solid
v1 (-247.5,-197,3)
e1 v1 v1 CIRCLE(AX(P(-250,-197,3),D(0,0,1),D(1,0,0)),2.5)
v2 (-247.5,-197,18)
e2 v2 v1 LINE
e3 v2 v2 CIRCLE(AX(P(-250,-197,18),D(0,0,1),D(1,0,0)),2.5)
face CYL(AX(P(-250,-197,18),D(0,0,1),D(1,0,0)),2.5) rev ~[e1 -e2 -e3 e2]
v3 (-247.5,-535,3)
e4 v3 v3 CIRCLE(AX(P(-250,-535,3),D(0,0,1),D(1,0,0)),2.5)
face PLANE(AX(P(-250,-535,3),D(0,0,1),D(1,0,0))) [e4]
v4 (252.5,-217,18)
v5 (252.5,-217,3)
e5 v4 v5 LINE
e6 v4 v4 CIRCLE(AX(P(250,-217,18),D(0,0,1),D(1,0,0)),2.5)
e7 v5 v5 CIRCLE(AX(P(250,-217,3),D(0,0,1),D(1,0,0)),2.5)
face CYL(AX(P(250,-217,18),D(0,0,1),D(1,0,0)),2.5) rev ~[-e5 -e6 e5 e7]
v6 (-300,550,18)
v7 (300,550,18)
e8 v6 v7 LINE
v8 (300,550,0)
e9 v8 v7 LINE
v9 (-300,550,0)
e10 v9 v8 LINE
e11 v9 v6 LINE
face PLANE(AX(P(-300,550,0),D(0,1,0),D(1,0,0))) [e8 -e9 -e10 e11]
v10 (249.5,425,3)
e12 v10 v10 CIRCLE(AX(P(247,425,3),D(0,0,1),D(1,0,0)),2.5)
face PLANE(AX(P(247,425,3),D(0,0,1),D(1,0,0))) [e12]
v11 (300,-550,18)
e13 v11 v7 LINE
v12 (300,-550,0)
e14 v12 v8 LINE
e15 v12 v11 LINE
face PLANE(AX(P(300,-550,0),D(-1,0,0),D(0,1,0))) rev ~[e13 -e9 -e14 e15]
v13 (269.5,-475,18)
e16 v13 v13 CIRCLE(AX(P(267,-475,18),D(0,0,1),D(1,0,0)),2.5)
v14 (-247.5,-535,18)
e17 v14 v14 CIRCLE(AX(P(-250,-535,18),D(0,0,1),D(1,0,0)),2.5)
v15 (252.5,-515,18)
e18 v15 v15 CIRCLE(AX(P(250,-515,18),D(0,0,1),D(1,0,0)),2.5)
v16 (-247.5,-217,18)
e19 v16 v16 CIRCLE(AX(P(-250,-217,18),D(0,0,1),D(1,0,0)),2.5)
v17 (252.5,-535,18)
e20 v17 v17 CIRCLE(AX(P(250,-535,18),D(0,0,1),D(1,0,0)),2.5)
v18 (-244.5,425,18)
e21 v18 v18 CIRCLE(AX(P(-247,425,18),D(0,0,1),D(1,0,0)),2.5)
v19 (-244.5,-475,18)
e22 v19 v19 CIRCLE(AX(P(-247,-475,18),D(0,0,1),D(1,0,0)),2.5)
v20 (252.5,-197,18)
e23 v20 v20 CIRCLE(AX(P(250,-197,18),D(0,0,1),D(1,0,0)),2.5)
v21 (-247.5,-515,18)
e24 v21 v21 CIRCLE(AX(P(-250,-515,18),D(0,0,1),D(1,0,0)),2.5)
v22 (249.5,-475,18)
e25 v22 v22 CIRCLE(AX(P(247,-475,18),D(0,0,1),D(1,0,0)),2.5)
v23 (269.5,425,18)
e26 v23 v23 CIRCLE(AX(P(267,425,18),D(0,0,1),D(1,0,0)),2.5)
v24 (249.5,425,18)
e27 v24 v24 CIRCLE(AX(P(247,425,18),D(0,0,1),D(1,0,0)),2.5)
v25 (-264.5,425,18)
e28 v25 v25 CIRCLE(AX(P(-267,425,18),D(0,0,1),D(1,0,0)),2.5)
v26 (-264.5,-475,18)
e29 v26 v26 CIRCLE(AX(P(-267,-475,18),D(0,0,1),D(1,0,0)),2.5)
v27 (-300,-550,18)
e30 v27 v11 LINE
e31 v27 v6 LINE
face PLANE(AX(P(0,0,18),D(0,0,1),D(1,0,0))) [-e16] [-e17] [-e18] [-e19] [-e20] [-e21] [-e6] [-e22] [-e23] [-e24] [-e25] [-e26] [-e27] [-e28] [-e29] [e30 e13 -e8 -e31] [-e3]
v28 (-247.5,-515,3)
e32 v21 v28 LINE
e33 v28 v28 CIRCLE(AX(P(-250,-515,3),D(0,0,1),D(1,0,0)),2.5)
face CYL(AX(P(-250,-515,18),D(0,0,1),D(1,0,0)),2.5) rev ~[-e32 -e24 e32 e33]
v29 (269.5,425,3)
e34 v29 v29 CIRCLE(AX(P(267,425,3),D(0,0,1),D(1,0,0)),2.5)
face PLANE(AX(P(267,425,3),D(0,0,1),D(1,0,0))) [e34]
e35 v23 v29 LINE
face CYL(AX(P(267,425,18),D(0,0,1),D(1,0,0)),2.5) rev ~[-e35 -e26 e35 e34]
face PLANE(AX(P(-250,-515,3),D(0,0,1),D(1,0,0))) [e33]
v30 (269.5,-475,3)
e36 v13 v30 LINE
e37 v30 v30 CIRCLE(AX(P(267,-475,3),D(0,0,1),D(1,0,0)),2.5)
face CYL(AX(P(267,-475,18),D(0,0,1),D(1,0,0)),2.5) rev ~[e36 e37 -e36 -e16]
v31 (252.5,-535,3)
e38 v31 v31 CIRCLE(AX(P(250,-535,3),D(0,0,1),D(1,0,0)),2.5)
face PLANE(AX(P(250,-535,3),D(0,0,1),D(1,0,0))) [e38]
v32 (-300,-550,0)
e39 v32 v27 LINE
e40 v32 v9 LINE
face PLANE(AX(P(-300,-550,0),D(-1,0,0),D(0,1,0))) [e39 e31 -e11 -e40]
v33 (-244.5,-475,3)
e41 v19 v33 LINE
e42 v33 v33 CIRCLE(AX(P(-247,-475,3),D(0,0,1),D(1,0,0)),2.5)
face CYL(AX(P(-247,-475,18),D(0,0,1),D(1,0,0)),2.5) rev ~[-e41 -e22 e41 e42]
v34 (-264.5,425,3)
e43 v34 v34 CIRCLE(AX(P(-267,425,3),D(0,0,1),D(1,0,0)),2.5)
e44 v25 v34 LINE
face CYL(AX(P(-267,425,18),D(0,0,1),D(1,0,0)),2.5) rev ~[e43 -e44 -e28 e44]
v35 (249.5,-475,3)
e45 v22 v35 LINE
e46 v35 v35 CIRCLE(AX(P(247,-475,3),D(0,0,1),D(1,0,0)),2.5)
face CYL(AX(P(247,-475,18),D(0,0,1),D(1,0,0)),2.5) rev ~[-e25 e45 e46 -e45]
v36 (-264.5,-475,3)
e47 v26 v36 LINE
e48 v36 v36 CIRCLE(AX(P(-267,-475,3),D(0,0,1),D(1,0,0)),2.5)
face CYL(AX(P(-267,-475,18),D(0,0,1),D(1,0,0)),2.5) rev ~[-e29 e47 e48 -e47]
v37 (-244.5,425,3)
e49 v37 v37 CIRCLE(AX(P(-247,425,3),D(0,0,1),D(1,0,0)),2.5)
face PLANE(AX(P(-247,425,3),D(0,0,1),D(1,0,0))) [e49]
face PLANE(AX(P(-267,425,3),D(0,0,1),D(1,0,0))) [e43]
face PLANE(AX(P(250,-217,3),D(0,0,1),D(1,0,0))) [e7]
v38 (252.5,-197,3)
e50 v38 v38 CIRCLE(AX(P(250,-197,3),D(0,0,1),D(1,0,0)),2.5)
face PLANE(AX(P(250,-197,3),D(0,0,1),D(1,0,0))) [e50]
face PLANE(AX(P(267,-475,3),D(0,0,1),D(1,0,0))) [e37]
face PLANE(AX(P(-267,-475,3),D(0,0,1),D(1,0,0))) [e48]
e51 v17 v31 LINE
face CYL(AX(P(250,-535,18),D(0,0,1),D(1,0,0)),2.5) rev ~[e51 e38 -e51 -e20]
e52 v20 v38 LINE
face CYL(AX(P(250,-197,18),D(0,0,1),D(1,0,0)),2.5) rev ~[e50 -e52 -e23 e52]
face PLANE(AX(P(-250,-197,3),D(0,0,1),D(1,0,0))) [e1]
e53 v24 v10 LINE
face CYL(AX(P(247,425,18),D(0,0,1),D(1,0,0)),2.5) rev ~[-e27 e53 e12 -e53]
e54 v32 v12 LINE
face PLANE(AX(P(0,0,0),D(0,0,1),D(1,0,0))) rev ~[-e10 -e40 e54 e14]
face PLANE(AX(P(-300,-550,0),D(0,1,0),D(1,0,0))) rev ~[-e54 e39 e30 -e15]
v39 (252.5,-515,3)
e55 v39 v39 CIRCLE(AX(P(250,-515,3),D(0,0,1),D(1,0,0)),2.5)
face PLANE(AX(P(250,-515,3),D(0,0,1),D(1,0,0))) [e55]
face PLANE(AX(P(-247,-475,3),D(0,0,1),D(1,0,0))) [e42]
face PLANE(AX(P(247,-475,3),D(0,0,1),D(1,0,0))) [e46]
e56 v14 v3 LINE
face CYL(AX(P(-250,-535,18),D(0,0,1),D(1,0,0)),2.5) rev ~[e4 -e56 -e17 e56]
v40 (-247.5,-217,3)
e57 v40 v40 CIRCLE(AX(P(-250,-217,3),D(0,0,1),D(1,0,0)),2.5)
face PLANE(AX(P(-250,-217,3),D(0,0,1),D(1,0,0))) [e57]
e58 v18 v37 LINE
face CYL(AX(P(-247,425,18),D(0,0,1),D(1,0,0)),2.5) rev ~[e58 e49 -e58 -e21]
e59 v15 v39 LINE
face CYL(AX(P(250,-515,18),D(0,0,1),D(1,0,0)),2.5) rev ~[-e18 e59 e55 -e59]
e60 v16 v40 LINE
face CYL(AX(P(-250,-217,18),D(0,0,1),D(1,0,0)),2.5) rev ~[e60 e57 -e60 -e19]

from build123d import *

# Parameters (mm, degrees)
F0_W     = 600
F0_H     = 1100
F1_DEPTH = 18
F2_R     = 2.5
F3_DEPTH = 15


with BuildPart() as f1:
    # F0 (on Top) → F1 (new body)
    with BuildSketch(Plane.XY):
        Rectangle(F0_W, F0_H)
    extrude(amount=F1_DEPTH)

    # F2 (on face) → F3 (cut)
    with BuildSketch(Plane.XY.offset(18)):
        with Locations((247, -475)):
            Circle(F2_R)
        with Locations((267, -475)):
            Circle(F2_R)
        with Locations((250, -217)):
            Circle(F2_R)
        with Locations((250, -197)):
            Circle(F2_R)
        with Locations((267, 425)):
            Circle(F2_R)
        with Locations((247, 425)):
            Circle(F2_R)
        with Locations((-247, 425)):
            Circle(F2_R)
        with Locations((-267, 425)):
            Circle(F2_R)
        with Locations((-250, -197)):
            Circle(F2_R)
        with Locations((-250, -217)):
            Circle(F2_R)
        with Locations((-267, -475)):
            Circle(F2_R)
        with Locations((-247, -475)):
            Circle(F2_R)
        with Locations((250, -515)):
            Circle(F2_R)
        with Locations((250, -535)):
            Circle(F2_R)
        with Locations((-250, -535)):
            Circle(F2_R)
        with Locations((-250, -515)):
            Circle(F2_R)
    extrude(amount=-F3_DEPTH, mode=Mode.SUBTRACT)


solid = f1.part
